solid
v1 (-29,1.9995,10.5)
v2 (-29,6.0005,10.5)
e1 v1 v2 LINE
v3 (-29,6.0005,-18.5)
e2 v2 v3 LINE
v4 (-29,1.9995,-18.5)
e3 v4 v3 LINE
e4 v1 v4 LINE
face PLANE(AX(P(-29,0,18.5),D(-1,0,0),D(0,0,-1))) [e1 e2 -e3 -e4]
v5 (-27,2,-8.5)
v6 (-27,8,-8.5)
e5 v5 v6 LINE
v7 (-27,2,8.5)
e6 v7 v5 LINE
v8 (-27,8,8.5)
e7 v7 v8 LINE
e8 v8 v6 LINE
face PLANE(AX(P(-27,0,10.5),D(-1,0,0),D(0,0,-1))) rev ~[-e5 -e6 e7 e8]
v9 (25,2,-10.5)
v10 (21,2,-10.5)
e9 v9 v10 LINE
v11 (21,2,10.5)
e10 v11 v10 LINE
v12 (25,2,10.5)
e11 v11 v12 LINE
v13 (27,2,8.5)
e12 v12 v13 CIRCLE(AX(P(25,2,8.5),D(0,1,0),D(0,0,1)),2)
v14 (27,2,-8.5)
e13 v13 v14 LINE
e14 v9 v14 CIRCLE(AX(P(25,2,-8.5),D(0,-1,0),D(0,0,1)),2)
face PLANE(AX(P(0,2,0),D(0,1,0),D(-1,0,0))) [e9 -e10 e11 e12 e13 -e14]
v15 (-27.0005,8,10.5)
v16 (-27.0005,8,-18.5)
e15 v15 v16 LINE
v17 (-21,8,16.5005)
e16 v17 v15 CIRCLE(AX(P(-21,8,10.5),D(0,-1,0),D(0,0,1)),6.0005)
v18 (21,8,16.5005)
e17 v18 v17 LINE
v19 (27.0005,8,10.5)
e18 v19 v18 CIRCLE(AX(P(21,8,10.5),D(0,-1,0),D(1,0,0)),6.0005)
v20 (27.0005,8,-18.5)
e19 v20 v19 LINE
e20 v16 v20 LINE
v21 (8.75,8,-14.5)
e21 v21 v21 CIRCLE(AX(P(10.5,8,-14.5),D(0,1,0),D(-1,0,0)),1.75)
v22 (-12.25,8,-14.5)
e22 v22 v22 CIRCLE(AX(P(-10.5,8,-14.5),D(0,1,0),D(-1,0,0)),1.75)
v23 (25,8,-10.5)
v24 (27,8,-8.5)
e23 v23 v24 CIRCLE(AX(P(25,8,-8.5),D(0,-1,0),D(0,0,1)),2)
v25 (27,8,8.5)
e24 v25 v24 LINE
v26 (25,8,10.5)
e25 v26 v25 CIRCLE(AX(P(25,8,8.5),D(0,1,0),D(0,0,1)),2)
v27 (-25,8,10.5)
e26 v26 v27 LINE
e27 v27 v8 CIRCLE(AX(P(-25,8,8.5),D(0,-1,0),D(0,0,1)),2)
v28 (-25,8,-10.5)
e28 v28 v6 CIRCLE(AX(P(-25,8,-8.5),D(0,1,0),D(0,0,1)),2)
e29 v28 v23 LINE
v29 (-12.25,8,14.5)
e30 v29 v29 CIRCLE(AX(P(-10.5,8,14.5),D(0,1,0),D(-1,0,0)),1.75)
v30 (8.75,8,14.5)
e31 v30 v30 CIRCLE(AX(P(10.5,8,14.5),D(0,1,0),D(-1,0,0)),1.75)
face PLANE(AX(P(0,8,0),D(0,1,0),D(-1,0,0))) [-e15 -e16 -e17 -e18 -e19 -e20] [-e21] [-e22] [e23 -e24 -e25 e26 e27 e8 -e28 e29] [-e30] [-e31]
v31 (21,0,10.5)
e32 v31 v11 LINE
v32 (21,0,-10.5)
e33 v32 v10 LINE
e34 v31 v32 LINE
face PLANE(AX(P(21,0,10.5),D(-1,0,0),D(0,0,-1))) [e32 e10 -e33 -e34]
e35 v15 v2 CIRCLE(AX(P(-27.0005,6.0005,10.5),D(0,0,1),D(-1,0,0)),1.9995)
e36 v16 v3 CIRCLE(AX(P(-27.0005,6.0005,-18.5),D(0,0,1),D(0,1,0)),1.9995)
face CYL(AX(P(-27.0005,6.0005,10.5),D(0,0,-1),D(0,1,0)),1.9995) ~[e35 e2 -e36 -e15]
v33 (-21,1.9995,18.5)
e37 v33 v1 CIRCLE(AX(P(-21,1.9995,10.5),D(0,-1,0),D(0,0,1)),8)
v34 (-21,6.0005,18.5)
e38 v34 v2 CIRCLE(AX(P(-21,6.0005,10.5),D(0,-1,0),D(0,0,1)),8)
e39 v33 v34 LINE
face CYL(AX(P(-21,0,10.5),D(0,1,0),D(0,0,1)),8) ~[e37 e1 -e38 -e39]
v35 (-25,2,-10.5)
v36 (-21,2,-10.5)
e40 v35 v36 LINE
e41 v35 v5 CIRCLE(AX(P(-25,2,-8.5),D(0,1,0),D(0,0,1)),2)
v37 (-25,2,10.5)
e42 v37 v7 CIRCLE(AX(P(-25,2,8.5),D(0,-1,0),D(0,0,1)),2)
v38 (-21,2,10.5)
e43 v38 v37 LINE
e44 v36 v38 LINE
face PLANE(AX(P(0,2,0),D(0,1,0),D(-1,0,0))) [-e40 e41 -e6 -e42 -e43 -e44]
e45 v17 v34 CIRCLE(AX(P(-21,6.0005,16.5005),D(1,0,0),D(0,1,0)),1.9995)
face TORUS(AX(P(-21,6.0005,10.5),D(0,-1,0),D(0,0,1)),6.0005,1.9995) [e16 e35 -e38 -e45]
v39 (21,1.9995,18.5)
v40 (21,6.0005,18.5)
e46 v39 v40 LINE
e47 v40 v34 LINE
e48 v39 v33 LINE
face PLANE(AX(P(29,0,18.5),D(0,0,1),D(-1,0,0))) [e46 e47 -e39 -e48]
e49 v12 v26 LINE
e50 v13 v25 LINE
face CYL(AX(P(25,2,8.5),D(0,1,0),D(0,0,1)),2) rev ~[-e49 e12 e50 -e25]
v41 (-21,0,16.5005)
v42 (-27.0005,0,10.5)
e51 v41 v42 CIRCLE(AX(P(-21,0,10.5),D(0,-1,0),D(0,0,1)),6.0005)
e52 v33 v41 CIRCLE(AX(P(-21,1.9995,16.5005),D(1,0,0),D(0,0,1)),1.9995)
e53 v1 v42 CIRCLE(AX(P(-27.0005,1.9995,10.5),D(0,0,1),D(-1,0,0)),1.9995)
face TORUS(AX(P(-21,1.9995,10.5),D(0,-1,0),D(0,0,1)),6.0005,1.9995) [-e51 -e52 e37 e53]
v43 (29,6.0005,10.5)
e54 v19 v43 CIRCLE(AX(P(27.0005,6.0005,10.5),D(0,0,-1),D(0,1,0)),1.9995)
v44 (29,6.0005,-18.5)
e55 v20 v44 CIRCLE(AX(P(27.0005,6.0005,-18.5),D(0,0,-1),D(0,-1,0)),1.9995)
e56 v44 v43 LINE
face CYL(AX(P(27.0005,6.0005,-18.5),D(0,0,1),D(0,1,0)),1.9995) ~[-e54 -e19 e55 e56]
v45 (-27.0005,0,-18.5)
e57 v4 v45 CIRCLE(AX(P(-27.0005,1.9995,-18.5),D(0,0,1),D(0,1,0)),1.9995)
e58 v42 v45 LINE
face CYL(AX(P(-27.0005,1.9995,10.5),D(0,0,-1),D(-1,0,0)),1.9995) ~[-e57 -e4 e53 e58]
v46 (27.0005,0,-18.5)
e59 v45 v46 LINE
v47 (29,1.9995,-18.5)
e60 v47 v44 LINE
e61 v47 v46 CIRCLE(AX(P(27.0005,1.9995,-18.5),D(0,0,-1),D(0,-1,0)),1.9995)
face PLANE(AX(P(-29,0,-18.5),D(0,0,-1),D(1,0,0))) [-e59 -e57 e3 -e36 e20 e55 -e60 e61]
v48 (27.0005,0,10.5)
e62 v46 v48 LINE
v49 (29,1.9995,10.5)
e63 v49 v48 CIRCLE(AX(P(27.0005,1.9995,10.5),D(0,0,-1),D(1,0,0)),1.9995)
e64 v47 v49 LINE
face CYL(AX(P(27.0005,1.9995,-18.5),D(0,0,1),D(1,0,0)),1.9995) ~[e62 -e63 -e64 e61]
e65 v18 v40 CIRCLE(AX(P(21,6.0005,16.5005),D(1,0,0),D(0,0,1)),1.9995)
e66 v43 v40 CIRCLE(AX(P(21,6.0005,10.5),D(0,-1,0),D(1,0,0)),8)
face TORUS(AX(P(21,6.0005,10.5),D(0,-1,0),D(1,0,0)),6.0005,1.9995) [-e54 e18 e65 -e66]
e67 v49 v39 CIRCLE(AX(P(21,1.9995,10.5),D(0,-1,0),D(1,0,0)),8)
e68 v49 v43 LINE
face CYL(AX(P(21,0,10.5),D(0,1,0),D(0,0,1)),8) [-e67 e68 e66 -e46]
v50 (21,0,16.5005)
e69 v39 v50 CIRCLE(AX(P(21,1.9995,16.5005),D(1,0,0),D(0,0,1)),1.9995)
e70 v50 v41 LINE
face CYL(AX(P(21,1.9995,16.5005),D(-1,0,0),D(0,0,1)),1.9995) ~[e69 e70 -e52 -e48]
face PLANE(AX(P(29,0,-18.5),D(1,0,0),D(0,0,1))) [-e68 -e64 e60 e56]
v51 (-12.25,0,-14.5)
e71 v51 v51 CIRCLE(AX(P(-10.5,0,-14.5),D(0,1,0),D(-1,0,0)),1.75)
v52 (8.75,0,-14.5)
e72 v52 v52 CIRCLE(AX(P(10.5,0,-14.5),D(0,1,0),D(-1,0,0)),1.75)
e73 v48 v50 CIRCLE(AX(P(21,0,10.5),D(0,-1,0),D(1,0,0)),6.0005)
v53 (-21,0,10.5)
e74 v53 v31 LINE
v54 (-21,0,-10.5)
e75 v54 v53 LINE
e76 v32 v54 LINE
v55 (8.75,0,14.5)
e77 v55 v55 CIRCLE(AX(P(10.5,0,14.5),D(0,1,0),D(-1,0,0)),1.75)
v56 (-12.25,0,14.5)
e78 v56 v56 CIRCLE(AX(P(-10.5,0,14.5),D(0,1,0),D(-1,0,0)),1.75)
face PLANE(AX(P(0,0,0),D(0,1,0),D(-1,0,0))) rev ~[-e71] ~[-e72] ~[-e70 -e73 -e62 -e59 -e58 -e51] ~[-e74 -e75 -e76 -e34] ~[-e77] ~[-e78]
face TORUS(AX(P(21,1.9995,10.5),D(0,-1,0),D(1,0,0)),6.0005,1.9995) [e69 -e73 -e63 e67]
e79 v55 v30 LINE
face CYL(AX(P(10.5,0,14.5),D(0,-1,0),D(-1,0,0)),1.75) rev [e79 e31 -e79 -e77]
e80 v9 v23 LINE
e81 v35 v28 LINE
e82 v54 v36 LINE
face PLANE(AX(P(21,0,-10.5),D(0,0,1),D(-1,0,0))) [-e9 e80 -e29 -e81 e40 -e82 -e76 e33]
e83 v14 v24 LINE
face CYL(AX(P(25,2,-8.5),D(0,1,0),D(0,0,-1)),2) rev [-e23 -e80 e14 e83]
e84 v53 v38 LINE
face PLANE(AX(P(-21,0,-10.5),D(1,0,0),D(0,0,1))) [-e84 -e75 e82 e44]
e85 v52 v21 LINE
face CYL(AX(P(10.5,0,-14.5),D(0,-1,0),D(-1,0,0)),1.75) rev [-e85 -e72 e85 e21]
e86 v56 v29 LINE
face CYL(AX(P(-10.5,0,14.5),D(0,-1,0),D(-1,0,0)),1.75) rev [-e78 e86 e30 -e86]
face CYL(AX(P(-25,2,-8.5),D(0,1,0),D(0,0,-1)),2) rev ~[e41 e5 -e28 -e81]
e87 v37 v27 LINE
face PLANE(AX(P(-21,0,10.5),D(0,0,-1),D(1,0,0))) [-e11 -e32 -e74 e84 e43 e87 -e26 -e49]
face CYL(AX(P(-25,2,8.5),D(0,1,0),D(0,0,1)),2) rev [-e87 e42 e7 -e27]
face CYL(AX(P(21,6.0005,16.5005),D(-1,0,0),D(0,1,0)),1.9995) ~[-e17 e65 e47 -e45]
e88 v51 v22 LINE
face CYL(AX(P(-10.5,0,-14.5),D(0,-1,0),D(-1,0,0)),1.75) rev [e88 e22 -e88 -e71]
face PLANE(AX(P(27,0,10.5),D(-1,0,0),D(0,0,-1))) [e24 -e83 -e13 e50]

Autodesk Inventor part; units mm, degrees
ref_plane "YZ Plane" through (0, 0, 0) normal (1, 0, 0) x (0, 1, 0)
ref_plane "XZ Plane" through (0, 0, 0) normal (0, 1, 0) x (-1, 0, 0)
ref_plane "XY Plane" through (0, 0, 0) normal (0, 0, 1) x (1, 0, 0)
sketch "Sketch1" plane through (0, 0, 0) normal (0, 1, 0) x (-1, 0, 0)
  line L0 (21, 10.5) -> (-21, 10.5)
  line L1 (-21, 10.5) -> (-21, -10.5)
  line L2 (-21, -10.5) -> (21, -10.5)
  line L3 (21, -10.5) -> (21, 10.5)
  line L4 (21, 10.5) -> (-21, -10.5) construction
  line L5 (-21, 10.5) -> (21, -10.5) construction
  line L6 (-29, 18.5) -> (29, 18.5)
  line L7 (29, 18.5) -> (29, -18.5)
  line L8 (29, -18.5) -> (-29, -18.5)
  line L9 (-29, -18.5) -> (-29, 18.5)
  circle A0 centre (10.5, 14.5) radius 1.75
  line L10 (0, 10.5) -> (0, -10.5) construction
  line L11 (-21, 0) -> (21, 0) construction
  circle A1 centre (10.5, -14.5) radius 1.75
  circle A2 centre (-10.5, 14.5) radius 1.75
  circle A3 centre (-10.5, -14.5) radius 1.75
  line L12 (-21, 10.5) -> (-27, 10.5)
  line L13 (-27, 10.5) -> (-27, -10.5)
  line L14 (-27, -10.5) -> (-21, -10.5)
  line L15 (-21, -10.5) -> (-21, 10.5)
  line L16 (21, 10.5) -> (27, 10.5)
  line L17 (27, 10.5) -> (27, -10.5)
  line L18 (27, -10.5) -> (21, -10.5)
  point P0 (0, 0)
  dimension "d0" = 21
  dimension "d1" = 42
  dimension "d2" = 8
  dimension "d3" = 3.5
  dimension "d4" = 10.5
  dimension "d5" = 4
  dimension "d6" = 6
  dimension "d7" = 21
extrude "Extrusion1" add sketch "Sketch1" along normal blind 8
extrude "Extrusion2" add sketch "Sketch1" along normal blind 2 contours L16 L17 L18 L3 | L1 L14 L13 L12
fillet "Fillet1" radius 8 2 edges at (-29, 4, 18.5) (29, 4, 18.5)
fillet "Fillet2" radius 2 4 edges at (-27, 5, 10.5) (-27, 5, -10.5) (27, 5, 10.5) (27, 5, -10.5)
fillet "Fillet3" radius 2 10 edges at (-26.6569, 0, 16.1569) (0, 0, 18.5) (26.6569, 0, 16.1569) (29, 0, -4) (-29, 0, -4) (-26.6569, 8, 16.1569) (0, 8, 18.5) (26.6569, 8, 16.1569) (29, 8, -4) (-29, 8, -4)
equation "\"d0\" = MountWidth"
equation "\"d1\" = MountLength"
equation "\"d2\" = MountThickness"
equation "\"d3\" = THROUGH_DIAMETER"
equation "\"d4\" = 0.25 * MountLength"
equation "\"d5\" = 0.5 * MountThickness"
equation "\"d7\" = MountWidth"
equation "\"d8\" = OUTER_HEIGHT"
equation "\"d12\" = OUTER_FILLET"
equation "\"d13\" = INNER_FILLET"
equation "\"d14\" = PART_FILLET"
equation "\"MountWidth\" = 21"
equation "\"MountLength\" = 42"
equation "\"MountThickness\" = 8"
equation "\"THROUGH_DIAMETER\" = 3.5"
equation "\"OUTER_HEIGHT\" = 8"
equation "\"OUTER_FILLET\" = 8"
equation "\"INNER_FILLET\" = 2"
equation "\"PART_FILLET\" = 2"
properties part number "CoxaServoCutout"
